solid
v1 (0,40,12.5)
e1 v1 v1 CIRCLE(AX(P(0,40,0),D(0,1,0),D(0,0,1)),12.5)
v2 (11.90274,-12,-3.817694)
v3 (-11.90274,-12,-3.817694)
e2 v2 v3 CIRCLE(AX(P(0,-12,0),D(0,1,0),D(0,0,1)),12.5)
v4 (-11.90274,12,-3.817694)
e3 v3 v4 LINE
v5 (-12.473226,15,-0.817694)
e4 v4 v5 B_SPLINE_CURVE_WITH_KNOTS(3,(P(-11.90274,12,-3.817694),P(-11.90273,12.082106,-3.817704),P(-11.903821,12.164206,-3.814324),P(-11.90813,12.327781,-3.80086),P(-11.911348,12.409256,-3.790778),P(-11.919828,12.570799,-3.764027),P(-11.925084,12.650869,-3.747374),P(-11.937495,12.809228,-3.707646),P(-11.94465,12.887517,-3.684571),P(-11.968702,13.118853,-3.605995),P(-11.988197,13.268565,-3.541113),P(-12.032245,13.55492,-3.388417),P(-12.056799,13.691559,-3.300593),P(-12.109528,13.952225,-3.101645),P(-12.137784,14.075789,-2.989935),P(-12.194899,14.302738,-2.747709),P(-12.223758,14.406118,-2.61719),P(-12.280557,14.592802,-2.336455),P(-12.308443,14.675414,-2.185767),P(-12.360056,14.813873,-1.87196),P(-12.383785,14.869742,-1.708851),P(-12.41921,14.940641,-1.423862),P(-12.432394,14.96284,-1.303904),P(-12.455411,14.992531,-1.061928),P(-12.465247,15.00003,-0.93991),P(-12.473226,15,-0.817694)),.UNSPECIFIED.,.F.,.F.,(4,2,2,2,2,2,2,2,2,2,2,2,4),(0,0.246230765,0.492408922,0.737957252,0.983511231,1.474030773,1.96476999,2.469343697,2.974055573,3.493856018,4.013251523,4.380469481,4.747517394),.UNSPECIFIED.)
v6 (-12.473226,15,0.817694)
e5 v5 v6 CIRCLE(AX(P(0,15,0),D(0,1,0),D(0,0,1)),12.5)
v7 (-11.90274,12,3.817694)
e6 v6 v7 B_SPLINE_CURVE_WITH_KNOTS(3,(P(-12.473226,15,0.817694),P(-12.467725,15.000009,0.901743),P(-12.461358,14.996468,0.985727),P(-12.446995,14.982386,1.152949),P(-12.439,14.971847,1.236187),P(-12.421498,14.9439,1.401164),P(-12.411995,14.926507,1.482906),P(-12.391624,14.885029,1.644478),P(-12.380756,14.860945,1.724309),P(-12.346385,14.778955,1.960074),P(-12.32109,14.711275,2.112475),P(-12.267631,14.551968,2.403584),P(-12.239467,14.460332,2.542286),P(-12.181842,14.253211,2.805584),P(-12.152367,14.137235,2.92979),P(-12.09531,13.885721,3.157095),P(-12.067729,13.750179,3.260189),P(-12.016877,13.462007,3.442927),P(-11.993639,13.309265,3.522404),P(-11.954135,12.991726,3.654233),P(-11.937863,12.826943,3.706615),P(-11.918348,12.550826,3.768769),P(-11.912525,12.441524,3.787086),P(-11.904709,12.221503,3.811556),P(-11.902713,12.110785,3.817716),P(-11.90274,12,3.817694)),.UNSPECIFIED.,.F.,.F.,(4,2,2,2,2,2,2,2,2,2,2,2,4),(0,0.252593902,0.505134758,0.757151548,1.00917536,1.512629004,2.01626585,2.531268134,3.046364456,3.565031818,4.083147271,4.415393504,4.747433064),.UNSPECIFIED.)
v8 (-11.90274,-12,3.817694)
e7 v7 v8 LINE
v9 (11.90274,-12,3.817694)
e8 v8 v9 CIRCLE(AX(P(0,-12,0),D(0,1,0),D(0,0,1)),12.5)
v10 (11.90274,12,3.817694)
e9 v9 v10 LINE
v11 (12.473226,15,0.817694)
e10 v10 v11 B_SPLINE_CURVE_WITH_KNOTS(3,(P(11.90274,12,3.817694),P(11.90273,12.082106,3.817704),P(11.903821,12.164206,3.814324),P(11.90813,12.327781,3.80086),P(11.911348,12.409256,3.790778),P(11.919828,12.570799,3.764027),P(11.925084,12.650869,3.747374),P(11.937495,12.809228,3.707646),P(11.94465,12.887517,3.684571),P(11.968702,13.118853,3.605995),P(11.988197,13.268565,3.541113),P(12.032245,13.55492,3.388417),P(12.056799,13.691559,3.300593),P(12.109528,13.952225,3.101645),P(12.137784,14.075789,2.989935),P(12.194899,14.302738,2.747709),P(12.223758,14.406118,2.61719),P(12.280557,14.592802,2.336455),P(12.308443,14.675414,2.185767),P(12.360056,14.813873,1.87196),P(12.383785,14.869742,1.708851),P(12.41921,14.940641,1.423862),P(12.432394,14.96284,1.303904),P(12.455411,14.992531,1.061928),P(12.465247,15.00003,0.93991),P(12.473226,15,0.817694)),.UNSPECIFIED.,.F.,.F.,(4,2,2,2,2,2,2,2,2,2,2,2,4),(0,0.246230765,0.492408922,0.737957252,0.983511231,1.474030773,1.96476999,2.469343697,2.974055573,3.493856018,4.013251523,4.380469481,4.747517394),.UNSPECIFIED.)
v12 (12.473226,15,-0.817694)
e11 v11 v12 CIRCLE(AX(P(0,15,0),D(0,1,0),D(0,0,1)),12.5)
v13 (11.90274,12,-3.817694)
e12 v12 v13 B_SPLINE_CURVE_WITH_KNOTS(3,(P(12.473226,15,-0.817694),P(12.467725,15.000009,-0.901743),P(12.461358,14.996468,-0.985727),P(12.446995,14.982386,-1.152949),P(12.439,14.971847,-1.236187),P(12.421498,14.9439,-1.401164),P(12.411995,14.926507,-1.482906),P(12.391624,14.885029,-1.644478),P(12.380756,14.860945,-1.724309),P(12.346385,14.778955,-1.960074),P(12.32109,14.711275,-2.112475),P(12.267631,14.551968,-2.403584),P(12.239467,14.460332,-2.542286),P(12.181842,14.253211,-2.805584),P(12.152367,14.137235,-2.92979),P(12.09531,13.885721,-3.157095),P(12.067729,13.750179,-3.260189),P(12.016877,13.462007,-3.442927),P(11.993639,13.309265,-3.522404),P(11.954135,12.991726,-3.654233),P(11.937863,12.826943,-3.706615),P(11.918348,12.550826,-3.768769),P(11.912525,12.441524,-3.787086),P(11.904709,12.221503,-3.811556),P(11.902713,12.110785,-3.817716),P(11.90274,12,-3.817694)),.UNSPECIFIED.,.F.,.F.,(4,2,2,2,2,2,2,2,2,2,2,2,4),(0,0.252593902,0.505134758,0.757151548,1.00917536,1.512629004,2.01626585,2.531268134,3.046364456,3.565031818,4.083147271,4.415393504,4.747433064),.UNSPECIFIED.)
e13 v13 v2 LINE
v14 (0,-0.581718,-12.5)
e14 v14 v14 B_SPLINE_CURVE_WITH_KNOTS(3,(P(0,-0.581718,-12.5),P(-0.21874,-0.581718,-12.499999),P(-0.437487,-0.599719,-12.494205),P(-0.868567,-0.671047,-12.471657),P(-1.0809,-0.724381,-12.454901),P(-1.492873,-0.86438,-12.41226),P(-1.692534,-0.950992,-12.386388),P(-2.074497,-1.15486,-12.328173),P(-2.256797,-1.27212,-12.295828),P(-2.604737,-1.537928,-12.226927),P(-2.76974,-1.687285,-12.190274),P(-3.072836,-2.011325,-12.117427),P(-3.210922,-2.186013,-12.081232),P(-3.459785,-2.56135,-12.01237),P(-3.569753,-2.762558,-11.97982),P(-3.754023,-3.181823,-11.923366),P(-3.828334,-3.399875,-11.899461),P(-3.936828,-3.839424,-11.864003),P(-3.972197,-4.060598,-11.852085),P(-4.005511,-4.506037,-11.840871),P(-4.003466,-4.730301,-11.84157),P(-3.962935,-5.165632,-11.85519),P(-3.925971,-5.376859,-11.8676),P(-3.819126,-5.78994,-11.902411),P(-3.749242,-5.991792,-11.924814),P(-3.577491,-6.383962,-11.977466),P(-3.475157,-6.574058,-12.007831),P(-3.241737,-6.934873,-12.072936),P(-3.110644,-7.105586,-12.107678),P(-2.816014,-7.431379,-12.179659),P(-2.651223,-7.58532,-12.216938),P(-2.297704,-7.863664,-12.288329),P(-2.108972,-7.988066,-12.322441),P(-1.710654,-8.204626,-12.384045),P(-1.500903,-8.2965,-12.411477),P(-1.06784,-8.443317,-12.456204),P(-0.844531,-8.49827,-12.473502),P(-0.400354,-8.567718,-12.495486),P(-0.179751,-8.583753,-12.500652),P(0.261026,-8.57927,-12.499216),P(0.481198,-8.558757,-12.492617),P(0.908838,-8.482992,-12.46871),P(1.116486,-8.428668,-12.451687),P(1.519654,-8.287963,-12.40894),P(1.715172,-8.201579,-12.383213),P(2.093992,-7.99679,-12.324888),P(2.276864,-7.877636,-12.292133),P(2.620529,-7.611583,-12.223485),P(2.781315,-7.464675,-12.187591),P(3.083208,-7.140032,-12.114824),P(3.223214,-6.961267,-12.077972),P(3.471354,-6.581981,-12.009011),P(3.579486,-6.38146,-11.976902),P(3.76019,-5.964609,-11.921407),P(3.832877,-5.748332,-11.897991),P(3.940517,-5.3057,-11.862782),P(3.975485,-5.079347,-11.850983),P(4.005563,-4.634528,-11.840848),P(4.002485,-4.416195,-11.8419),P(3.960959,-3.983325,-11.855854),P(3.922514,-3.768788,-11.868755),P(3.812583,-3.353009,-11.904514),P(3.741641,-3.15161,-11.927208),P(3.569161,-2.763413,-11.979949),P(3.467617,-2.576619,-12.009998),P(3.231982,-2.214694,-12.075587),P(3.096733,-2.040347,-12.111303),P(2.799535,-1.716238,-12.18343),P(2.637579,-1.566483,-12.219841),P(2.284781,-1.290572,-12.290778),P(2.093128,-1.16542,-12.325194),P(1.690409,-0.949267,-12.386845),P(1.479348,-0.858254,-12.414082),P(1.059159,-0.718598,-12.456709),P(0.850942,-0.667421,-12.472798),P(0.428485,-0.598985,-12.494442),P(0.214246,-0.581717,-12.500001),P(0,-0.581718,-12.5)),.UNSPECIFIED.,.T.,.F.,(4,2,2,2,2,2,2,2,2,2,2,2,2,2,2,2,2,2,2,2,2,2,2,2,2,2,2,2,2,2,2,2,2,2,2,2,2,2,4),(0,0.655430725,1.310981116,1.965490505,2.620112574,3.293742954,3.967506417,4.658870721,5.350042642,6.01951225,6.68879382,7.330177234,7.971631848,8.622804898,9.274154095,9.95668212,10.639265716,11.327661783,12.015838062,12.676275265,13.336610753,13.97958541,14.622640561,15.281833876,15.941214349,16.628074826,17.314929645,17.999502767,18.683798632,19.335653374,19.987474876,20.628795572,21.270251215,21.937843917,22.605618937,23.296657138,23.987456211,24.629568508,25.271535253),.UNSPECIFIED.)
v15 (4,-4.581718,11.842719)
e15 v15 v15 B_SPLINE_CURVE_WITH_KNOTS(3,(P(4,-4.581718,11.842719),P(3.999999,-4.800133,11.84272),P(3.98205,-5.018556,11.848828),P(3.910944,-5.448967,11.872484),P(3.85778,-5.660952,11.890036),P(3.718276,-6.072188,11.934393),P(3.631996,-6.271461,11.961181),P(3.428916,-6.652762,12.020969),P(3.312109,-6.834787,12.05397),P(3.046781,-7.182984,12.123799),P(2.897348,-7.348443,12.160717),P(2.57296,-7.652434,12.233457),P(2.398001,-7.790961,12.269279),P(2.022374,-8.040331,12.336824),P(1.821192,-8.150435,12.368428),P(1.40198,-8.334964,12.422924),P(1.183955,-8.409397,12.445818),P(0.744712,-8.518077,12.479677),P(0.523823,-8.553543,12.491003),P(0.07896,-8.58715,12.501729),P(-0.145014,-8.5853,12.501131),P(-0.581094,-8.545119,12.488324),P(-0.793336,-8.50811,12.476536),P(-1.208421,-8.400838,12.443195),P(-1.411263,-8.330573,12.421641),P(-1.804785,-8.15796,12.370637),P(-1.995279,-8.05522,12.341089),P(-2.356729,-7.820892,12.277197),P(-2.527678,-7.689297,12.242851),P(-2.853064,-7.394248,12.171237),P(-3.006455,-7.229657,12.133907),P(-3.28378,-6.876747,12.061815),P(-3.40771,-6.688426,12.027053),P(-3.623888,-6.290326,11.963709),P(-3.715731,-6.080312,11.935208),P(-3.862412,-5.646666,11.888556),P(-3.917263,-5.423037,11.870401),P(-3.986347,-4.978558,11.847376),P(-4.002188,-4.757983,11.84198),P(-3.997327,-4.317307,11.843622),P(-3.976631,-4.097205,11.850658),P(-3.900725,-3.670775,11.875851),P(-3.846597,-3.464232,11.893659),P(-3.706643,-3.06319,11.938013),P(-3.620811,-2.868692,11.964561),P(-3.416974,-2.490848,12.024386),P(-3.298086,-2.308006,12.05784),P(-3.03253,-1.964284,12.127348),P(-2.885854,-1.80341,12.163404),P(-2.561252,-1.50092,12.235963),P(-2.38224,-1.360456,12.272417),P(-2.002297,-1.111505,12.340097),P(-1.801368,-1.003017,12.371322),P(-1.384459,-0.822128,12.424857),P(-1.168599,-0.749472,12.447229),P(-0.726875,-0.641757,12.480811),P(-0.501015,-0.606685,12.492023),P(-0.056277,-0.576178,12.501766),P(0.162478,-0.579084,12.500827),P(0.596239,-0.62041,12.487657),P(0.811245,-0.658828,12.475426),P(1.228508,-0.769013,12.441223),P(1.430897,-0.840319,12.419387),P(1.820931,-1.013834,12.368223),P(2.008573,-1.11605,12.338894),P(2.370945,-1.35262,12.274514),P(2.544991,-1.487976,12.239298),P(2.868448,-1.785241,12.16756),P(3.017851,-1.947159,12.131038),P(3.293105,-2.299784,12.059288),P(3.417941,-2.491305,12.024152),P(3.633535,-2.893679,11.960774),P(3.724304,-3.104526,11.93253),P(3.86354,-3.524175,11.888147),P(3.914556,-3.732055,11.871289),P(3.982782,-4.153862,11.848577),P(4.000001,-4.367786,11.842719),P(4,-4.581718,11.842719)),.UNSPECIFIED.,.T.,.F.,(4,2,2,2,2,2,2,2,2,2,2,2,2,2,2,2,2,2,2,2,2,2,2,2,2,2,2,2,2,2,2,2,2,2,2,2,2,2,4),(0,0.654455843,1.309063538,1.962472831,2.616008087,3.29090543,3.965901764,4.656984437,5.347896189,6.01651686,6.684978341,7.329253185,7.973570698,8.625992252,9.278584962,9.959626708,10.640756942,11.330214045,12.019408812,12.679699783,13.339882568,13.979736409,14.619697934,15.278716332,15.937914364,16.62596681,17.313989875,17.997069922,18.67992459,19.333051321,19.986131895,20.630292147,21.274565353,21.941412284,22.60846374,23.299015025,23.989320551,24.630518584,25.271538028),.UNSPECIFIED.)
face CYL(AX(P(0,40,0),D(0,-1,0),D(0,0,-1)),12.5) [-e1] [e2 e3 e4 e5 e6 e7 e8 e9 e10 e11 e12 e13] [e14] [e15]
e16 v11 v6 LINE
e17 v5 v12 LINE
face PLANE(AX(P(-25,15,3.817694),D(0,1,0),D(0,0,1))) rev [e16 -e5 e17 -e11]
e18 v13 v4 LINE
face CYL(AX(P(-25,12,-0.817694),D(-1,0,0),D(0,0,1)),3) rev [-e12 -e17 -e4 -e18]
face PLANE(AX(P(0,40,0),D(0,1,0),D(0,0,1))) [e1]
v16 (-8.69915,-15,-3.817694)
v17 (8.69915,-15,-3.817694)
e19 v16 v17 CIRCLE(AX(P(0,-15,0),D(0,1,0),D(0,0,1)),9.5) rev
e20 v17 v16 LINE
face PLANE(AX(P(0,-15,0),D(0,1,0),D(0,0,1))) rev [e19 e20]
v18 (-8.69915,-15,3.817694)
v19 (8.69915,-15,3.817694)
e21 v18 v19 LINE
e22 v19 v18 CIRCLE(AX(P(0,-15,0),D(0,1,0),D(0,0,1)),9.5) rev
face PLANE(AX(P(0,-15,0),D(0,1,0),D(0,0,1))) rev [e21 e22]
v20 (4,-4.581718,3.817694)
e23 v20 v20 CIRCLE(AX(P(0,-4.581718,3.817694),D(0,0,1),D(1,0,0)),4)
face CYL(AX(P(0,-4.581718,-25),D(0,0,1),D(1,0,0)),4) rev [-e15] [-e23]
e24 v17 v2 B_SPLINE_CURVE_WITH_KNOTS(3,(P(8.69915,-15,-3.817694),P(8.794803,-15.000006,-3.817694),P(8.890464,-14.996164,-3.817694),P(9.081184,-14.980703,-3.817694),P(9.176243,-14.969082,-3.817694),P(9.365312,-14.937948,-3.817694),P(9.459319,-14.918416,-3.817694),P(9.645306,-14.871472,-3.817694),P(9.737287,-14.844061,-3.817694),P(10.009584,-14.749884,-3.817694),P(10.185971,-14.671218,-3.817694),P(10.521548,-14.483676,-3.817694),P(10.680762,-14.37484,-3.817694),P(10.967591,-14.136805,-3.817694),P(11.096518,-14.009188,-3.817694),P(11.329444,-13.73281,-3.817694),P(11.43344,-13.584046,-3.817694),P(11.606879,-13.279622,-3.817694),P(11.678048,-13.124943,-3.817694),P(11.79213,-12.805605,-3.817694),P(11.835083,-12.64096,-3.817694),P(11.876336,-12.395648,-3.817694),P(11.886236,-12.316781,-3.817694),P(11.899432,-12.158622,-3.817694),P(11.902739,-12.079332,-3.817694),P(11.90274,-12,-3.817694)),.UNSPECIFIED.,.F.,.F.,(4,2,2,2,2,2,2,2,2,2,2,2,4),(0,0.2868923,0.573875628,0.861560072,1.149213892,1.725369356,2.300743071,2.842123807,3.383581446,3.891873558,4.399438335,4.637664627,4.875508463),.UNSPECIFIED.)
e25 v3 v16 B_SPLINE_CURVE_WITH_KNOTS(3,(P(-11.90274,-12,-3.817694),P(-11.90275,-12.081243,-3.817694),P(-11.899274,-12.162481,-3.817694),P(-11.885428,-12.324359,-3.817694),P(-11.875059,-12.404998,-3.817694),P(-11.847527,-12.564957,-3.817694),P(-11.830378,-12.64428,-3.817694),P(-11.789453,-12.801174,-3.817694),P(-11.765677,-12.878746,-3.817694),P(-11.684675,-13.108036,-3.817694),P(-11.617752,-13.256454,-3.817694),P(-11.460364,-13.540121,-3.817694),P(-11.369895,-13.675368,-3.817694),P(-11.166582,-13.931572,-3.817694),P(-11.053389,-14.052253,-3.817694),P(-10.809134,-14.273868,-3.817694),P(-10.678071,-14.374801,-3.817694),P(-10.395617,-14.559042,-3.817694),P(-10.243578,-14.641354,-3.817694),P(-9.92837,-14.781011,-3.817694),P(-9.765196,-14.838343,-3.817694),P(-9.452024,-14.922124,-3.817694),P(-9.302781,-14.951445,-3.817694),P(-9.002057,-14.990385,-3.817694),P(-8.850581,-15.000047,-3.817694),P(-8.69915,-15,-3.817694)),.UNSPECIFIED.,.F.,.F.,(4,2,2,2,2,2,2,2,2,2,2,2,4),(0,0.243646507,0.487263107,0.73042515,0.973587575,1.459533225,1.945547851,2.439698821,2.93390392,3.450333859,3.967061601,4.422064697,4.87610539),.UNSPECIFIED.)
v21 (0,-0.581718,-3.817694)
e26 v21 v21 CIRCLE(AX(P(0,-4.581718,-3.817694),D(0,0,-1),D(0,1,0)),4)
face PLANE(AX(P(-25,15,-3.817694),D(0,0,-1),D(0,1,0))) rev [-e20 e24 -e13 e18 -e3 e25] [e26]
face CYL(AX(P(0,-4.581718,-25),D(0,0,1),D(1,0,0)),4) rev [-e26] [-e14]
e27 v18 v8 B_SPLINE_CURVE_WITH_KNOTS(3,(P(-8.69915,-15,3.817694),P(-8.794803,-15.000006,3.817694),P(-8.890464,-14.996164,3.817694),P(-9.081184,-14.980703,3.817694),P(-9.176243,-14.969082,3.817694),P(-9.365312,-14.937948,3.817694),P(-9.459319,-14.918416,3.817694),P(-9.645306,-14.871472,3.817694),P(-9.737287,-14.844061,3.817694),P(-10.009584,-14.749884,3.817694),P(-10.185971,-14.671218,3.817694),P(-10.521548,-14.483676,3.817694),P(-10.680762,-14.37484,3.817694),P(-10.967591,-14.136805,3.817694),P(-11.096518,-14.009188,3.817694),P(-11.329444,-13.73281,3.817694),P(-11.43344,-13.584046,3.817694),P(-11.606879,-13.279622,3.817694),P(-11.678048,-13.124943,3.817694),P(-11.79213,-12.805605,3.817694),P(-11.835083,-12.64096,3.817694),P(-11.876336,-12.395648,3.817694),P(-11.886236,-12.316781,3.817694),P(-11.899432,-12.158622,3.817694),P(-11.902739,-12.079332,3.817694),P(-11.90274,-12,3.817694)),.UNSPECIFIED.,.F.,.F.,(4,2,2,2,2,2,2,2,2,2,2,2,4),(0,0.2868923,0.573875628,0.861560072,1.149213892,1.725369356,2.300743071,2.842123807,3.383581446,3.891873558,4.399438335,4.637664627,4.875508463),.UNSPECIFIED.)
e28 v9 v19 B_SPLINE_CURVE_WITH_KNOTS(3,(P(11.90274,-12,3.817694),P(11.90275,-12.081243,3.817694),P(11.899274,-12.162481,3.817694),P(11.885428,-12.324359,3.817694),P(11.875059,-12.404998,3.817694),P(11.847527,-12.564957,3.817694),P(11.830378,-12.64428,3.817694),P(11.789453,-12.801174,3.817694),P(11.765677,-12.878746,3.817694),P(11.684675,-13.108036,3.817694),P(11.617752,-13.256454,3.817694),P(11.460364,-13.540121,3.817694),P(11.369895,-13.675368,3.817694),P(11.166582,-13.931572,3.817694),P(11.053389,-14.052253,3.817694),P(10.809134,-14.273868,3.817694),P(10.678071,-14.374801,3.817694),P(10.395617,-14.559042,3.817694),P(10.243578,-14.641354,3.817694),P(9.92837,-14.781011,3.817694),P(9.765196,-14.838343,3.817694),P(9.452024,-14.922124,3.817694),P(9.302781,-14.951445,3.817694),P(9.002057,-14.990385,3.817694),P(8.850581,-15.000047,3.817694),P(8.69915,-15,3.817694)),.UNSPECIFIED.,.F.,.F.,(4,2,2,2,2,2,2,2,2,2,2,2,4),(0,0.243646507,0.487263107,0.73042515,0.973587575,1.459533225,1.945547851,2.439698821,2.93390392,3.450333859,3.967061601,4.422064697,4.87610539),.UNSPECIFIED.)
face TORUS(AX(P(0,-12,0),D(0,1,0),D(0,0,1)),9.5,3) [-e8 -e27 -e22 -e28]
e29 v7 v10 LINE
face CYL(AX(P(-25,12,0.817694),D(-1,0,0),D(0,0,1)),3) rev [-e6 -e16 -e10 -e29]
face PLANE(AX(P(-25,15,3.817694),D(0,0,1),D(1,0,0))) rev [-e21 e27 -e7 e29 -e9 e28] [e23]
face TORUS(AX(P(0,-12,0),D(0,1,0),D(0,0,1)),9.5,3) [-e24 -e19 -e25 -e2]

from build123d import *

# Parameters (mm, degrees)
EXTRUDE_START       = -15
SKETCH_1_R          = 12.5
EXTRUDE_1_DEPTH     = 55
SKETCH_2_W          = 7.63538833
SKETCH_2_H          = 30
CUT_EXTRUDE_2_DEPTH = 25
FILLET_1_R          = 3
SKETCH_3_R          = 4
CUT_EXTRUDE_3_DEPTH = 25
FILLET_2_R          = 3


with BuildPart() as part:
    # Эскиз1 → Вытянуть1 (new body)
    with BuildSketch(Plane(origin=(0, 0, 0), x_dir=(1, 0, 0), z_dir=(0, 1, 0)).offset(EXTRUDE_START)):
        with Locations(Location((0, 0, 0), (0, 0, 270))):
            Circle(SKETCH_1_R)
    extrude(amount=EXTRUDE_1_DEPTH)

    # Эскиз2 → Вытянуть2 (cut, symmetric)
    with BuildSketch(Plane(origin=(0, 0, 0), x_dir=(0, 0, -1), z_dir=(1, 0, 0))):
        Rectangle(SKETCH_2_W, SKETCH_2_H)
    extrude(amount=CUT_EXTRUDE_2_DEPTH, both=True, mode=Mode.SUBTRACT)

    # Скругление1
    fillet_1_edges = [part.edges().sort_by_distance(p)[0] for p in [
        (0, -15, -12.5),
        (7.366438181, -15, 10.098791439),
    ]]
    fillet(fillet_1_edges, radius=FILLET_1_R)

    # Эскиз3 → Вытянуть3 (cut, symmetric)
    with BuildSketch(Plane.XY):
        with Locations((0, -4.581717599)):
            Circle(SKETCH_3_R)
    extrude(amount=CUT_EXTRUDE_3_DEPTH, both=True, mode=Mode.SUBTRACT)

    # Скругление2
    fillet_2_edges = [part.edges().sort_by_distance(p)[0] for p in [
        (0, 15, -3.817694165),
        (0, 15, 3.817694165),
    ]]
    fillet(fillet_2_edges, radius=FILLET_2_R)


solid = part.part
